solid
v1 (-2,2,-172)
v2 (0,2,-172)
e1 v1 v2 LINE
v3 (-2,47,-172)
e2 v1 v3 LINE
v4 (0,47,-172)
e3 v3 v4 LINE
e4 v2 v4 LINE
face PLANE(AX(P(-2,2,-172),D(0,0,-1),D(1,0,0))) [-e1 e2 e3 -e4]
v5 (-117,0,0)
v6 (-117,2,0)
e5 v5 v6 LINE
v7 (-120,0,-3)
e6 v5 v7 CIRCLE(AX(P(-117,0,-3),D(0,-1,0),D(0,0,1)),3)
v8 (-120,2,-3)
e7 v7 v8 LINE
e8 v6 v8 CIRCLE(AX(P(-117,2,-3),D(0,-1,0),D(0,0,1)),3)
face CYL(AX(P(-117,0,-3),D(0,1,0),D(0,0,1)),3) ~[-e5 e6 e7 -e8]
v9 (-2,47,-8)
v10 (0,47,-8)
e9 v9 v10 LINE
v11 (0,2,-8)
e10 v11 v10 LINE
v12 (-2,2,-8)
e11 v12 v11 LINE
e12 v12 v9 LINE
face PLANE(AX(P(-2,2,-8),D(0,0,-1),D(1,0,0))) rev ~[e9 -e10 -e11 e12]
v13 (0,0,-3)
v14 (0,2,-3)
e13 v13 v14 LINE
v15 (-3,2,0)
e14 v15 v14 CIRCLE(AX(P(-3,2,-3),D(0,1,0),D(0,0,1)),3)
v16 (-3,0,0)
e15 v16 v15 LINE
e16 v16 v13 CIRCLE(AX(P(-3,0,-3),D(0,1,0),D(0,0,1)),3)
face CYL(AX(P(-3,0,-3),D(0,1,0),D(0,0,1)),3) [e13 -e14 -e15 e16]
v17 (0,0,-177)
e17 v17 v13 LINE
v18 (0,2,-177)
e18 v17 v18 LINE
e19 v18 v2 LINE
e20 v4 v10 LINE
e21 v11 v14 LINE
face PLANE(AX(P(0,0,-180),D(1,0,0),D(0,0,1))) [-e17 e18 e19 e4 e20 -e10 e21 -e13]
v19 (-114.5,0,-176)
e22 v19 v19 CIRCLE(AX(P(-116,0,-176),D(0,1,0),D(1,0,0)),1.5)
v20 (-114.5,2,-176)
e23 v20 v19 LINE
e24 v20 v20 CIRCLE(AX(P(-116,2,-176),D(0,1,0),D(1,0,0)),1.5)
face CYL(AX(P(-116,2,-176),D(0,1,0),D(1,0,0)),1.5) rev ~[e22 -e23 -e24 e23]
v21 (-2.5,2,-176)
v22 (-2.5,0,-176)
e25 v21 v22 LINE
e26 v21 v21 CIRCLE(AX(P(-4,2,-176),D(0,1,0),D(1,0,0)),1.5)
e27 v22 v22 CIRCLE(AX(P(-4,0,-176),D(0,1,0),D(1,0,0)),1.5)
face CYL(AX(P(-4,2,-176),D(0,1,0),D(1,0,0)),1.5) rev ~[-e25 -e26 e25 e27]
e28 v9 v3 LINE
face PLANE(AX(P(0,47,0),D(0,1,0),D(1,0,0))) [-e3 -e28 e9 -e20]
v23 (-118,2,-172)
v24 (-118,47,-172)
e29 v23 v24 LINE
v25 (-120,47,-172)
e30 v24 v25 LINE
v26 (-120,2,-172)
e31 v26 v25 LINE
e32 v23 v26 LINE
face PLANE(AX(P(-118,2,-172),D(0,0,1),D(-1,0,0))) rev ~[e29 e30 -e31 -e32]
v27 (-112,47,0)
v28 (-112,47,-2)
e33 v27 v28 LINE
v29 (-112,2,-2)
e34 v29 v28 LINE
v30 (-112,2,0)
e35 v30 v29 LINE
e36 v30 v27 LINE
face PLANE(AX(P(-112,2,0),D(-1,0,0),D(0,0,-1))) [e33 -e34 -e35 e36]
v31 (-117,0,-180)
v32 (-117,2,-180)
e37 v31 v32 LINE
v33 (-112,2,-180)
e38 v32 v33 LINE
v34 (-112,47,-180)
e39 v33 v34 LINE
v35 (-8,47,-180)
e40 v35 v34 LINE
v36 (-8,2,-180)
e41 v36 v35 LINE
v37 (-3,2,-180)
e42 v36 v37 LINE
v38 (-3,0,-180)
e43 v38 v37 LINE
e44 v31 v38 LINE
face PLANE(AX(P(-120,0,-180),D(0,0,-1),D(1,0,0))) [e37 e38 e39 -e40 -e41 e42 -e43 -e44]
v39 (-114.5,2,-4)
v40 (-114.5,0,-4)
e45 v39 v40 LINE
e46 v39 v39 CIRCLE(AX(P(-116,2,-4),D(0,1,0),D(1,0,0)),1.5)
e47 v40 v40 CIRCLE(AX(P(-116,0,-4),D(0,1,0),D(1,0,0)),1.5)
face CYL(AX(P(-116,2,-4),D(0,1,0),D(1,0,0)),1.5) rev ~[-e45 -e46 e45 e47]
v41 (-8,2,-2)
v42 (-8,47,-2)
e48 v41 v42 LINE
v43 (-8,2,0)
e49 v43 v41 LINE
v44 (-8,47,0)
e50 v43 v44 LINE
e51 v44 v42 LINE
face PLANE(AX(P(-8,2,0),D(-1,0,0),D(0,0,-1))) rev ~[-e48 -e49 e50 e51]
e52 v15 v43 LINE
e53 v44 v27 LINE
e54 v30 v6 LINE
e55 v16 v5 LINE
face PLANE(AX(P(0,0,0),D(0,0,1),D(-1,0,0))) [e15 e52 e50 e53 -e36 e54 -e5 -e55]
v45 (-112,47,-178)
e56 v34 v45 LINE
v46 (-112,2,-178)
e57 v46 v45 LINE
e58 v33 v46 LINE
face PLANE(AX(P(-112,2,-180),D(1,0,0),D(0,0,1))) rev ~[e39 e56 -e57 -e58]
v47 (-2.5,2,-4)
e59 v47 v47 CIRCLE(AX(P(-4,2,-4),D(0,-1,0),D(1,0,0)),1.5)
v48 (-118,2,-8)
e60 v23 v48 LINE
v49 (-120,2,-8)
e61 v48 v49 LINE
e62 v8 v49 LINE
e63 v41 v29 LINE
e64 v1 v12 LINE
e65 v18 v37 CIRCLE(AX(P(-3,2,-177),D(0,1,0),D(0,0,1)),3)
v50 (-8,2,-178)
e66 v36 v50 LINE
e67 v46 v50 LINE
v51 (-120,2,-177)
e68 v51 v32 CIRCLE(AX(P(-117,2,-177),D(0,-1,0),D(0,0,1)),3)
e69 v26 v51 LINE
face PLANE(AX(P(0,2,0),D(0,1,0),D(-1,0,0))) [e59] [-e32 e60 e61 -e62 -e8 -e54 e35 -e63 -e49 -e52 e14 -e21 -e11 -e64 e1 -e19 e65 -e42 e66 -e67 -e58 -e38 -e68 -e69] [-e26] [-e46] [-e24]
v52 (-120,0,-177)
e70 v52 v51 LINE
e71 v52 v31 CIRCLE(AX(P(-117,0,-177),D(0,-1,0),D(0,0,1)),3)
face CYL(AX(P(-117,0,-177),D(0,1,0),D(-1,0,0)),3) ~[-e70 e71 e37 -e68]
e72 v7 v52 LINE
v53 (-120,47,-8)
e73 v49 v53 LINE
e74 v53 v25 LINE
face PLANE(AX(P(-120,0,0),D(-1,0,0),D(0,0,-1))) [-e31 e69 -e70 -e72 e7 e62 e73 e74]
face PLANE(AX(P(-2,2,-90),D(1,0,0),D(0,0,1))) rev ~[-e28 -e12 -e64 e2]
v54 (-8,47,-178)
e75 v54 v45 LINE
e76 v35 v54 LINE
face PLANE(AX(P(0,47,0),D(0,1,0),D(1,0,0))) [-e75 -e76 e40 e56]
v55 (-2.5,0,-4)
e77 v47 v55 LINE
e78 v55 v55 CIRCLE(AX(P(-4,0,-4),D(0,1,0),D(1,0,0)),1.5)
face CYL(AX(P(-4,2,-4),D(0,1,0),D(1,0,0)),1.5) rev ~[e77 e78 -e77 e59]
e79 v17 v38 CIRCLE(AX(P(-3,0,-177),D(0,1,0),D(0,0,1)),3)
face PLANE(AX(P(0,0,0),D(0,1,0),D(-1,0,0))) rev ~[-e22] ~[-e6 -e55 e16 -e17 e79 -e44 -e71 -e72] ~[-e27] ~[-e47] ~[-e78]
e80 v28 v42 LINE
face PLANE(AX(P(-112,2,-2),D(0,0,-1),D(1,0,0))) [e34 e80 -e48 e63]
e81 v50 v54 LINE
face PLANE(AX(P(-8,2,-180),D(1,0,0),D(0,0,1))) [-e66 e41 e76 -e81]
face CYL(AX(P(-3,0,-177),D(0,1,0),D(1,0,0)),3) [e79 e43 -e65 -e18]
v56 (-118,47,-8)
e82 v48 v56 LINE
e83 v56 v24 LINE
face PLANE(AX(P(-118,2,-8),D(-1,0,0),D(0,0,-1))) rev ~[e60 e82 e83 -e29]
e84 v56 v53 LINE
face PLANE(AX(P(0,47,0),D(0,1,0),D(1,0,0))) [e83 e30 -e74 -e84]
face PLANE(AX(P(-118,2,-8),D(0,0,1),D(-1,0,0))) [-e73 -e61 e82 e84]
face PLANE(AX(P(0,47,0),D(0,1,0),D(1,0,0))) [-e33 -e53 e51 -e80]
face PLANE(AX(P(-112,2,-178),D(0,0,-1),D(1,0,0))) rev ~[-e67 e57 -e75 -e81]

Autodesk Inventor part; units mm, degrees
ref_plane "YZ Plane" through (0, 0, 0) normal (1, 0, 0) x (0, 1, 0)
ref_plane "XZ Plane" through (0, 0, 0) normal (0, 1, 0) x (-1, 0, 0)
ref_plane "XY Plane" through (0, 0, 0) normal (0, 0, 1) x (1, 0, 0)
sketch "Sketch1" plane through (0, 0, 0) normal (0, 1, 0) x (-1, 0, 0)
  line L0 (0, 0) -> (120, 0)
  line L1 (120, 0) -> (120, -180)
  line L2 (120, -180) -> (0, -180)
  line L3 (0, -180) -> (0, 0)
  dimension "d0" = 120
  dimension "d1" = 180
extrude "Extrusion1" add sketch "Sketch1" along normal blind 2
sketch "Sketch2" plane through (0, 2, 0) normal (0, 1, 0) x (1, 0, 0)
  line L0 (-120, 0) -> (0, 0) projected
  line L1 (0, 0) -> (-8, 0)
  line L2 (-8, 0) -> (-8, 8)
  line L3 (-8, 8) -> (0, 8)
  line L4 (0, 8) -> (0, 0)
  line L5 (-120, 180) -> (-120, 0) projected
  line L6 (-120, 90) -> (0, 90)
  line L7 (0, 0) -> (0, 180) projected
  line L8 (-60, 0) -> (-60, 180)
  line L9 (0, 180) -> (-120, 180) projected
  line L10 (0, 180) -> (-8, 180)
  line L11 (-8, 180) -> (-8, 172)
  line L12 (-8, 172) -> (0, 172)
  line L13 (0, 172) -> (0, 180)
  line L14 (-120, 0) -> (-112, 0)
  line L15 (-112, 0) -> (-112, 8)
  line L16 (-112, 8) -> (-120, 8)
  line L17 (-120, 8) -> (-120, 0)
  line L18 (-120, 180) -> (-112, 180)
  line L19 (-112, 180) -> (-112, 172)
  line L20 (-112, 172) -> (-120, 172)
  line L21 (-120, 172) -> (-120, 180)
  line L22 (-120, 8) -> (-118, 8)
  line L23 (-118, 8) -> (-118, 172)
  line L24 (-118, 172) -> (-120, 172)
  line L25 (-120, 172) -> (-120, 8)
  line L26 (0, 172) -> (-2, 172)
  line L27 (-2, 172) -> (-2, 8)
  line L28 (-2, 8) -> (0, 8)
  line L29 (0, 8) -> (0, 172)
  line L30 (-8, 0) -> (-112, 0)
  line L31 (-112, 0) -> (-112, 2)
  line L32 (-112, 2) -> (-8, 2)
  line L33 (-8, 2) -> (-8, 0)
  line L34 (-8, 180) -> (-112, 180)
  line L35 (-112, 180) -> (-112, 178)
  line L36 (-112, 178) -> (-8, 178)
  line L37 (-8, 178) -> (-8, 180)
  point P0 (-8, 2)
  point P1 (-8, 178)
  dimension "d4" = 8
  dimension "d5" = 8
  dimension "d10" = 2
  dimension "d12" = 2
  dimension "d13" = 2
  dimension "d21" = 2
extrude "Extrusion2" add sketch "Sketch2" along normal blind 45 contours L15 L32 L8 L0 | L5 L6 L23 L16 | L8 L32 L2 L0 | L5 L20 L23 L6 | L3 L27 L6 L7 | L27 L12 L7 L6 | L36 L19 L9 L8 | L8 L9 L11 L36
sketch "Sketch4" plane through (0, 2, 0) normal (0, 1, 0) x (1, 0, 0)
  line L0 (0, 0) -> (-4, 0)
  line L1 (-4, 0) -> (-4, 4)
  line L2 (-4, 4) -> (0, 4)
  line L3 (0, 4) -> (0, 0)
  circle A0 centre (-4, 4) radius 1.5
  line L4 (-120, 180) -> (-120, 0) projected
  line L5 (-120, 90) -> (0, 90)
  line L6 (0, 8) -> (0, 180) projected
  line L7 (-120, 0) -> (0, 0) projected
  line L8 (-60, 0) -> (-60, 180)
  line L9 (0, 180) -> (-120, 180) projected
  circle A1 centre (-4, 176) radius 1.5
  circle A2 centre (-116, 4) radius 1.5
  circle A3 centre (-116, 176) radius 1.5
  point P0 (-120, 172)
  point P1 (-120, 8)
  point P2 (0, 172)
  dimension "d16" = 4
  dimension "d17" = 4
  dimension "d18" = 3
extrude "Extrusion3" cut sketch "Sketch4" against normal blind 45 contours A0 L2 L1 | L1 L2 A0 | A1 | A2 | A3
fillet "Fillet1" radius 3 4 edges at (-120, 1, -180) (0, 1, -180) (-120, 1, 0) (0, 1, 0)
properties part number "reduced_tortoise_base"
